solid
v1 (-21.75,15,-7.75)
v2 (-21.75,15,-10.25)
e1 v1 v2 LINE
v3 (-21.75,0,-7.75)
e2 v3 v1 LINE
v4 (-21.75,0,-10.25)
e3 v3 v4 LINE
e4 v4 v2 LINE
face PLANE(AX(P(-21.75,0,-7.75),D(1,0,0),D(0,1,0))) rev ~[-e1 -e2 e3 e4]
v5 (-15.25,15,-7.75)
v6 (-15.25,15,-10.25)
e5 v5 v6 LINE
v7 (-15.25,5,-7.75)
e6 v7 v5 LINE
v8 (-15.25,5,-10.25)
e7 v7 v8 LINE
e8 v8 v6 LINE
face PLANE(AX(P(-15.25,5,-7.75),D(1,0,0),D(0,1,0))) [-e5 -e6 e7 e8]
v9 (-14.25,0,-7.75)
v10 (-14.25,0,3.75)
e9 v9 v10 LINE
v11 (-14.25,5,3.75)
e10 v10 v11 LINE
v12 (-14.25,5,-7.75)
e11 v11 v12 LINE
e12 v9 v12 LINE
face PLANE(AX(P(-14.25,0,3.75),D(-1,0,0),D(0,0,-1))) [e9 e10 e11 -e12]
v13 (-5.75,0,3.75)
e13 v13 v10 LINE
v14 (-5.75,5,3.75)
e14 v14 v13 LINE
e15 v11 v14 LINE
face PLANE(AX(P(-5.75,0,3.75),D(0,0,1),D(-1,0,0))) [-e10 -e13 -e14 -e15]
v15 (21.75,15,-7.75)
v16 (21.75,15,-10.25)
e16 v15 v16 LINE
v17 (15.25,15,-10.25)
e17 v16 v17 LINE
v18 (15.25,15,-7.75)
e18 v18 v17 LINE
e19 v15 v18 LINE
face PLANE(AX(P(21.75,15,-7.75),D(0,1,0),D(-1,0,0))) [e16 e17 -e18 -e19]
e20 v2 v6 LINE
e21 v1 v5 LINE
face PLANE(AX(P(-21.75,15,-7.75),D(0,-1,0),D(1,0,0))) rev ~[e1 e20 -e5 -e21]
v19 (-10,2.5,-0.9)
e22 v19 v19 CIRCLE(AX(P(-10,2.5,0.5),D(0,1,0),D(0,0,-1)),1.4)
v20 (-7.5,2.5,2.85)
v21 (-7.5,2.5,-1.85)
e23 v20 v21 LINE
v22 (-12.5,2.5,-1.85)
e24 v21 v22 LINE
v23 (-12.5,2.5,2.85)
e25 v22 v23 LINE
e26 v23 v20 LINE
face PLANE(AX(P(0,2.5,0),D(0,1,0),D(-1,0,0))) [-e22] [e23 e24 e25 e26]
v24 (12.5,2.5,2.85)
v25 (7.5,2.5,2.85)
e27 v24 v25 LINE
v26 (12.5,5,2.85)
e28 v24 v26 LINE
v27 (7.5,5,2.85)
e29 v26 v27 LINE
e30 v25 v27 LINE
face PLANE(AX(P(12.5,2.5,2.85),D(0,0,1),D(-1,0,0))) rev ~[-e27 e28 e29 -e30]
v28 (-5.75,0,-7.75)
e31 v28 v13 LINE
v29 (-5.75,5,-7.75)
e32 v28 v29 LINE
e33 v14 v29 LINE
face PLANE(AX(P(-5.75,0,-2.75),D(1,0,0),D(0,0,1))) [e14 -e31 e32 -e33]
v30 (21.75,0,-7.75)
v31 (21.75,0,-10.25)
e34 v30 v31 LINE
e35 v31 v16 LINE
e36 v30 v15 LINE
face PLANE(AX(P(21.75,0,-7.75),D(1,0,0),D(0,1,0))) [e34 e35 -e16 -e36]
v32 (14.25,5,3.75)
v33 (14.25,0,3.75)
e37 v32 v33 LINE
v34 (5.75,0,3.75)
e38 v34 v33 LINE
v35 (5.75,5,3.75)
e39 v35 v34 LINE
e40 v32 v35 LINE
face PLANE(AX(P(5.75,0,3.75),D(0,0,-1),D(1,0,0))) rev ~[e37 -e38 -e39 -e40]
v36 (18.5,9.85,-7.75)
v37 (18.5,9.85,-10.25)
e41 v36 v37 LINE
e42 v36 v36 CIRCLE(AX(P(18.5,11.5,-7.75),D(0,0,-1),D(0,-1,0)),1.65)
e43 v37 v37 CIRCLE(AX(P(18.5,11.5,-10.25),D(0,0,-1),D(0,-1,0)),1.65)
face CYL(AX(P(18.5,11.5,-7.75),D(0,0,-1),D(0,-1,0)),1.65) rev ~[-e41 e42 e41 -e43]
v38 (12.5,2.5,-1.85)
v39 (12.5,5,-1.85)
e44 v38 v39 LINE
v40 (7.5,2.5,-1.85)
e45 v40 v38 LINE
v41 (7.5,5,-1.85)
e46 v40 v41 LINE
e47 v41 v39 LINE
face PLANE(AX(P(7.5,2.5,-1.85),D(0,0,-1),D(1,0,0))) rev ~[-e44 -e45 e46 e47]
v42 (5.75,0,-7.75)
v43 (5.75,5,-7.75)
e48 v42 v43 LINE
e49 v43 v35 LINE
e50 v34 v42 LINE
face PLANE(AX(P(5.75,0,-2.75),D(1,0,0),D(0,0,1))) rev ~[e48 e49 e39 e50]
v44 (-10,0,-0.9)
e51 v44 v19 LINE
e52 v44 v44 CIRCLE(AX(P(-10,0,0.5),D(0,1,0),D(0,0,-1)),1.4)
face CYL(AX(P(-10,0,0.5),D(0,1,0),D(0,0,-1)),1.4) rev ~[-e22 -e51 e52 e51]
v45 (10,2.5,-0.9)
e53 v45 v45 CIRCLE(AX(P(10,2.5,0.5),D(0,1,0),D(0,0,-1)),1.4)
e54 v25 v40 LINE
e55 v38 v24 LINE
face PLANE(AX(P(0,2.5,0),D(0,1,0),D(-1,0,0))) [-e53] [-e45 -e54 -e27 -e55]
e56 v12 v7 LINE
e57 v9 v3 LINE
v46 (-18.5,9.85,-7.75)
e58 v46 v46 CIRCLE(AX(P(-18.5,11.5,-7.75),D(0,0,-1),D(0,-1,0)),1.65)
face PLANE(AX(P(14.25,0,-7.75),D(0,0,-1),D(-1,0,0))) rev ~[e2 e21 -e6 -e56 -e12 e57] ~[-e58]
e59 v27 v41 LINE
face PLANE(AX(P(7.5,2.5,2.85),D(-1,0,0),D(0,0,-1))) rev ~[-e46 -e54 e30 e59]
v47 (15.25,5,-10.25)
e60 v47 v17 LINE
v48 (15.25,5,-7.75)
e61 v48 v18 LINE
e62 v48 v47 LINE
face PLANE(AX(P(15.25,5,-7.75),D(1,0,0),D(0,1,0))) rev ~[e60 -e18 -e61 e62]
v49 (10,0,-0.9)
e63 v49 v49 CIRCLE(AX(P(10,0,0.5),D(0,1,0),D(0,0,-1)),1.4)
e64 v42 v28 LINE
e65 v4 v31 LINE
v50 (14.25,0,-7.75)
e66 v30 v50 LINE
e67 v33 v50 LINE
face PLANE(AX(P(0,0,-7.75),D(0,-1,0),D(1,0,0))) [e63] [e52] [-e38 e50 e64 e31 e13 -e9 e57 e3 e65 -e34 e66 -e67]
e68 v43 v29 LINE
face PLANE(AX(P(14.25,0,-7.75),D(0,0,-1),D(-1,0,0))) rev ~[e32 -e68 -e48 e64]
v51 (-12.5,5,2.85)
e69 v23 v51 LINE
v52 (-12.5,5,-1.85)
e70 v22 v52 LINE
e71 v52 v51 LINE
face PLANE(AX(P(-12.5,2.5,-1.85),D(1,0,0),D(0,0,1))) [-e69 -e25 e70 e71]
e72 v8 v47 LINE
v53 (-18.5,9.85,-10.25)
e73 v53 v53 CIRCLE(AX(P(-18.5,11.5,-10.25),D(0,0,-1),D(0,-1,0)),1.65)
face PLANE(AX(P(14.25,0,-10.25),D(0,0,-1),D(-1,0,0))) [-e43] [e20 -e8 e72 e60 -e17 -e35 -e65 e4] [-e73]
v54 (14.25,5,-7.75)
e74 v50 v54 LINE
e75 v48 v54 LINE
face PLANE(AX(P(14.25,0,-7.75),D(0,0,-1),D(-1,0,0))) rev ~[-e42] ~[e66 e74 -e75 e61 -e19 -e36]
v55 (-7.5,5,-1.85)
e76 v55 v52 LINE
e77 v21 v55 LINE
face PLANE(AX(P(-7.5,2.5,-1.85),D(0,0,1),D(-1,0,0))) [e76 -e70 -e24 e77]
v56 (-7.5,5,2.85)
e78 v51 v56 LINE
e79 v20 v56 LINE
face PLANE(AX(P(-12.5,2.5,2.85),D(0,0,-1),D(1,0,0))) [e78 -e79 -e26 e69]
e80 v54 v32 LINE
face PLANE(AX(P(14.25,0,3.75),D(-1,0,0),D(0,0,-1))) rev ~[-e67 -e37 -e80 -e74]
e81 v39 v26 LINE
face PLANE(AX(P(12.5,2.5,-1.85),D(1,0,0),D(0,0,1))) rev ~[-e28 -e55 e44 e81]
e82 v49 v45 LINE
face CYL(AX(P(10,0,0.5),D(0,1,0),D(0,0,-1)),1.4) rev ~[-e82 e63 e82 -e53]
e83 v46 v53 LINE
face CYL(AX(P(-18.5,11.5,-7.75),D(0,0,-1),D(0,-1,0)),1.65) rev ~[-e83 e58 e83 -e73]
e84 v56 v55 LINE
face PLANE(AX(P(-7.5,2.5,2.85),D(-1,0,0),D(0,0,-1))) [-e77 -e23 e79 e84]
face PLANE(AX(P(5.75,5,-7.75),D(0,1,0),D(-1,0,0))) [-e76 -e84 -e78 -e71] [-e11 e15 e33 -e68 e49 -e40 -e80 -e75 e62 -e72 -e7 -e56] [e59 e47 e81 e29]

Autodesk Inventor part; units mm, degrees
ref_plane "YZ Plane" through (0, 0, 0) normal (1, 0, 0) x (0, 1, 0)
ref_plane "XZ Plane" through (0, 0, 0) normal (0, 1, 0) x (-1, 0, 0)
sketch "Sketch1" plane through (0, 0, 0) normal (0, 1, 0) x (-1, 0, 0)
  line L0 (5.75, 3.75) -> (-5.75, 3.75)
  line L1 (-5.75, 3.75) -> (-5.75, -3.75)
  line L2 (-5.75, -3.75) -> (5.75, -3.75)
  line L3 (5.75, -3.75) -> (5.75, 3.75)
  line L4 (5.75, 3.75) -> (-5.75, -3.75) construction
  line L5 (-5.75, 3.75) -> (5.75, -3.75) construction
  line L6 (0, 0) -> (0, 3.75)
  circle A0 centre (10, 0.5) radius 1.25
  circle A1 centre (-10, 0.5) radius 1.25
  line L7 (8.328, 1.75) -> (12.3503, 1.75)
  line L8 (8.75, 3.0207) -> (8.75, -2.5964)
  line L9 (5.05, 3.25) -> (-5.05, 3.25)
  line L10 (-5.05, 3.25) -> (-5.05, -3.25)
  line L11 (-5.05, -3.25) -> (5.05, -3.25)
  line L12 (5.05, -3.25) -> (5.05, 3.25)
  line L13 (5.05, 3.25) -> (-5.05, -3.25) construction
  line L14 (-5.05, 3.25) -> (5.05, -3.25) construction
  dimension "d7" = 2.5
  dimension "d13" = 7.5
  dimension "d14" = 11.5
  dimension "d16" = 2
  dimension "d17" = 3
  dimension "d31" = 10.1
  dimension "d32" = 6.5
sketch "Sketch2" plane through (0, 0, 0) normal (0, 0, 1) x (1, 0, 0)
  line L0 (0, 0) -> (0, 5)
  line L1 (0, 5) -> (0, 11.5)
  line L2 (-14.9, 5) -> (14.9, 5)
  line L3 (14.9, 5) -> (14.9, 18)
  line L4 (14.9, 18) -> (-14.9, 18)
  line L5 (-14.9, 18) -> (-14.9, 5)
  line L6 (-14.9, 5) -> (14.9, 18) construction
  line L7 (14.9, 5) -> (-14.9, 18) construction
  line L8 (0, 11.5) -> (-18.5, 11.5)
  circle A0 centre (-18.5, 11.5) radius 1.6
  circle A1 centre (18.5, 11.5) radius 1.6
  dimension "d23" = 5
  dimension "d24" = 6.5
  dimension "d25" = 29.8
  dimension "d26" = 13
  dimension "d27" = 18.5
  dimension "d28" = 3.2
ref_plane "Work Plane2" through (0, 0, -6.75) normal (0, 0, 1) x (1, 0, 0)
sketch "Sketch3" plane through (0, 0, -6.75) normal (0, 0, 1) x (1, 0, 0)
  line L0 (0, 0) -> (0, 5) projected
  line L1 (-14.9, 5) -> (14.9, 5) projected
  line L2 (-14.9, 18) -> (-14.9, 5) projected
  line L3 (0, 5) -> (0, 11.5) projected
  line L4 (0, 11.5) -> (-18.5, 11.5) projected
  circle A0 centre (-18.5, 11.5) radius 1.6 projected
  line L5 (14.9, 18) -> (-14.9, 18) projected
  line L6 (14.9, 5) -> (14.9, 18) projected
  circle A1 centre (18.5, 11.5) radius 1.6 projected
sketch "Sketch4" plane through (0, 0, 0) normal (0, 1, 0) x (-1, 0, 0)
  line L0 (-14.25, -2.75) -> (-5.75, -2.75)
  line L1 (-5.75, -2.75) -> (-5.75, 3.75)
  line L2 (-5.75, 3.75) -> (-14.25, 3.75)
  line L3 (-14.25, 3.75) -> (-14.25, -2.75)
  line L4 (-14.25, -2.75) -> (-5.75, 3.75) construction
  line L5 (-5.75, -2.75) -> (-14.25, 3.75) construction
  line L6 (0, 0) -> (0, 3.75) projected
  line L7 (14.25, -2.75) -> (5.75, -2.75)
  line L8 (5.75, -2.75) -> (5.75, 3.75)
  line L9 (5.75, 3.75) -> (14.25, 3.75)
  line L10 (14.25, 3.75) -> (14.25, -2.75)
  point P0 (-10, 0.5)
  point P1 (-10, 0.5)
  point P2 (-10, 0.5)
  point P3 (10, 0.5)
  point P4 (10, 0.5)
extrude "Extrusion1" add sketch "Sketch4" along normal blind 2.5 contours L3 L2 L1 L0
extrude "Extrusion2" add sketch "Sketch4" along normal blind 2.5 contours L7 L8 L9 L10
hole "Hole1" at (10, 0, 0.5) at (-10, 0, 0.5) direction (0, 1, 0) diameter 2.8 end through all
sketch "Sketch5" plane through (0, 2.5, 0) normal (0, 1, 0) x (1, 0, 0)
  line L0 (5.75, -3.75) -> (5.75, 2.75) projected
  line L1 (5.75, 2.75) -> (14.25, 2.75) projected
  line L2 (14.25, 2.75) -> (14.25, -3.75) projected
  line L3 (14.25, -3.75) -> (5.75, -3.75) projected
  line L4 (7.5, 1.85) -> (12.5, 1.85)
  line L5 (12.5, 1.85) -> (12.5, -2.85)
  line L6 (12.5, -2.85) -> (7.5, -2.85)
  line L7 (7.5, -2.85) -> (7.5, 1.85)
  line L8 (0, 0) -> (0, -3.75) projected
  line L9 (-5.75, -3.75) -> (-5.75, 2.75)
  line L10 (-5.75, 2.75) -> (-14.25, 2.75)
  line L11 (-14.25, 2.75) -> (-14.25, -3.75)
  line L12 (-14.25, -3.75) -> (-5.75, -3.75)
  line L13 (-7.5, 1.85) -> (-12.5, 1.85)
  line L14 (-12.5, 1.85) -> (-12.5, -2.85)
  line L15 (-12.5, -2.85) -> (-7.5, -2.85)
  line L16 (-7.5, -2.85) -> (-7.5, 1.85)
  dimension "d69" = 1.75
  dimension "d70" = 0.9
  dimension "d71" = 1.75
  dimension "d72" = 0.9
extrude "Extrusion8" add sketch "Sketch5" along normal blind 2.5
sketch "Sketch8" plane through (14.25, 0, -2.75) normal (0, 0, -1) x (-1, 0, 0)
  line L0 (14.25, 0) -> (14.25, 5) projected
  line L1 (8.5, 0) -> (8.5, 5) projected
  line L2 (0, 5) -> (8.5, 5)
  line L3 (8.5, 5) -> (8.5, 0)
  line L4 (8.5, 0) -> (0, 0)
  line L5 (0, 0) -> (0, 5)
  line L6 (20, 0) -> (20, 5)
  line L7 (28.5, 5) -> (20, 5)
  line L8 (20, 5) -> (20, 0)
  line L9 (20, 0) -> (28.5, 0)
  line L10 (28.5, 0) -> (28.5, 5)
extrude "Extrusion9" add sketch "Sketch8" along normal blind 5
sketch "Sketch10" plane through (14.25, 0, -7.75) normal (0, 0, -1) x (-1, 0, 0)
  line L0 (14.25, 0) -> (14.25, 5) projected
  line L1 (8.5, 0) -> (-7.5, 0)
  line L2 (8.5, 0) -> (24.5, 0) construction
  line L3 (-7.5, 0) -> (-7.5, 15)
  line L4 (-7.5, 15) -> (-1, 15)
  line L5 (8.5, 0) -> (8.5, 5)
  line L6 (8.5, 5) -> (-1, 5)
  line L7 (-1, 5) -> (-1, 15)
  line L8 (20, 0) -> (36, 0)
  line L9 (36, 0) -> (36, 15)
  line L10 (36, 15) -> (29.5, 15)
  line L11 (20, 0) -> (20, 5)
  line L12 (20, 5) -> (29.5, 5)
  line L13 (29.5, 5) -> (29.5, 15)
  line L14 (8.5, 5) -> (20, 5)
  line L15 (20, 0) -> (8.5, 0)
  point P0 (-4.25, 11.5)
  point P1 (-4.25, 11.5)
  point P2 (32.75, 11.5)
  point P3 (32.75, 11.5)
  dimension "d95" = 16
  dimension "d97" = 15
  dimension "d98" = 6.5
  dimension "d99" = 5
extrude "Extrusion10" add sketch "Sketch10" along normal blind 2.5
hole "Hole2" at (18.5, 11.5, -7.75) at (-18.5, 11.5, -7.75) direction (0, 0, -1) diameter 3.3 end through all
